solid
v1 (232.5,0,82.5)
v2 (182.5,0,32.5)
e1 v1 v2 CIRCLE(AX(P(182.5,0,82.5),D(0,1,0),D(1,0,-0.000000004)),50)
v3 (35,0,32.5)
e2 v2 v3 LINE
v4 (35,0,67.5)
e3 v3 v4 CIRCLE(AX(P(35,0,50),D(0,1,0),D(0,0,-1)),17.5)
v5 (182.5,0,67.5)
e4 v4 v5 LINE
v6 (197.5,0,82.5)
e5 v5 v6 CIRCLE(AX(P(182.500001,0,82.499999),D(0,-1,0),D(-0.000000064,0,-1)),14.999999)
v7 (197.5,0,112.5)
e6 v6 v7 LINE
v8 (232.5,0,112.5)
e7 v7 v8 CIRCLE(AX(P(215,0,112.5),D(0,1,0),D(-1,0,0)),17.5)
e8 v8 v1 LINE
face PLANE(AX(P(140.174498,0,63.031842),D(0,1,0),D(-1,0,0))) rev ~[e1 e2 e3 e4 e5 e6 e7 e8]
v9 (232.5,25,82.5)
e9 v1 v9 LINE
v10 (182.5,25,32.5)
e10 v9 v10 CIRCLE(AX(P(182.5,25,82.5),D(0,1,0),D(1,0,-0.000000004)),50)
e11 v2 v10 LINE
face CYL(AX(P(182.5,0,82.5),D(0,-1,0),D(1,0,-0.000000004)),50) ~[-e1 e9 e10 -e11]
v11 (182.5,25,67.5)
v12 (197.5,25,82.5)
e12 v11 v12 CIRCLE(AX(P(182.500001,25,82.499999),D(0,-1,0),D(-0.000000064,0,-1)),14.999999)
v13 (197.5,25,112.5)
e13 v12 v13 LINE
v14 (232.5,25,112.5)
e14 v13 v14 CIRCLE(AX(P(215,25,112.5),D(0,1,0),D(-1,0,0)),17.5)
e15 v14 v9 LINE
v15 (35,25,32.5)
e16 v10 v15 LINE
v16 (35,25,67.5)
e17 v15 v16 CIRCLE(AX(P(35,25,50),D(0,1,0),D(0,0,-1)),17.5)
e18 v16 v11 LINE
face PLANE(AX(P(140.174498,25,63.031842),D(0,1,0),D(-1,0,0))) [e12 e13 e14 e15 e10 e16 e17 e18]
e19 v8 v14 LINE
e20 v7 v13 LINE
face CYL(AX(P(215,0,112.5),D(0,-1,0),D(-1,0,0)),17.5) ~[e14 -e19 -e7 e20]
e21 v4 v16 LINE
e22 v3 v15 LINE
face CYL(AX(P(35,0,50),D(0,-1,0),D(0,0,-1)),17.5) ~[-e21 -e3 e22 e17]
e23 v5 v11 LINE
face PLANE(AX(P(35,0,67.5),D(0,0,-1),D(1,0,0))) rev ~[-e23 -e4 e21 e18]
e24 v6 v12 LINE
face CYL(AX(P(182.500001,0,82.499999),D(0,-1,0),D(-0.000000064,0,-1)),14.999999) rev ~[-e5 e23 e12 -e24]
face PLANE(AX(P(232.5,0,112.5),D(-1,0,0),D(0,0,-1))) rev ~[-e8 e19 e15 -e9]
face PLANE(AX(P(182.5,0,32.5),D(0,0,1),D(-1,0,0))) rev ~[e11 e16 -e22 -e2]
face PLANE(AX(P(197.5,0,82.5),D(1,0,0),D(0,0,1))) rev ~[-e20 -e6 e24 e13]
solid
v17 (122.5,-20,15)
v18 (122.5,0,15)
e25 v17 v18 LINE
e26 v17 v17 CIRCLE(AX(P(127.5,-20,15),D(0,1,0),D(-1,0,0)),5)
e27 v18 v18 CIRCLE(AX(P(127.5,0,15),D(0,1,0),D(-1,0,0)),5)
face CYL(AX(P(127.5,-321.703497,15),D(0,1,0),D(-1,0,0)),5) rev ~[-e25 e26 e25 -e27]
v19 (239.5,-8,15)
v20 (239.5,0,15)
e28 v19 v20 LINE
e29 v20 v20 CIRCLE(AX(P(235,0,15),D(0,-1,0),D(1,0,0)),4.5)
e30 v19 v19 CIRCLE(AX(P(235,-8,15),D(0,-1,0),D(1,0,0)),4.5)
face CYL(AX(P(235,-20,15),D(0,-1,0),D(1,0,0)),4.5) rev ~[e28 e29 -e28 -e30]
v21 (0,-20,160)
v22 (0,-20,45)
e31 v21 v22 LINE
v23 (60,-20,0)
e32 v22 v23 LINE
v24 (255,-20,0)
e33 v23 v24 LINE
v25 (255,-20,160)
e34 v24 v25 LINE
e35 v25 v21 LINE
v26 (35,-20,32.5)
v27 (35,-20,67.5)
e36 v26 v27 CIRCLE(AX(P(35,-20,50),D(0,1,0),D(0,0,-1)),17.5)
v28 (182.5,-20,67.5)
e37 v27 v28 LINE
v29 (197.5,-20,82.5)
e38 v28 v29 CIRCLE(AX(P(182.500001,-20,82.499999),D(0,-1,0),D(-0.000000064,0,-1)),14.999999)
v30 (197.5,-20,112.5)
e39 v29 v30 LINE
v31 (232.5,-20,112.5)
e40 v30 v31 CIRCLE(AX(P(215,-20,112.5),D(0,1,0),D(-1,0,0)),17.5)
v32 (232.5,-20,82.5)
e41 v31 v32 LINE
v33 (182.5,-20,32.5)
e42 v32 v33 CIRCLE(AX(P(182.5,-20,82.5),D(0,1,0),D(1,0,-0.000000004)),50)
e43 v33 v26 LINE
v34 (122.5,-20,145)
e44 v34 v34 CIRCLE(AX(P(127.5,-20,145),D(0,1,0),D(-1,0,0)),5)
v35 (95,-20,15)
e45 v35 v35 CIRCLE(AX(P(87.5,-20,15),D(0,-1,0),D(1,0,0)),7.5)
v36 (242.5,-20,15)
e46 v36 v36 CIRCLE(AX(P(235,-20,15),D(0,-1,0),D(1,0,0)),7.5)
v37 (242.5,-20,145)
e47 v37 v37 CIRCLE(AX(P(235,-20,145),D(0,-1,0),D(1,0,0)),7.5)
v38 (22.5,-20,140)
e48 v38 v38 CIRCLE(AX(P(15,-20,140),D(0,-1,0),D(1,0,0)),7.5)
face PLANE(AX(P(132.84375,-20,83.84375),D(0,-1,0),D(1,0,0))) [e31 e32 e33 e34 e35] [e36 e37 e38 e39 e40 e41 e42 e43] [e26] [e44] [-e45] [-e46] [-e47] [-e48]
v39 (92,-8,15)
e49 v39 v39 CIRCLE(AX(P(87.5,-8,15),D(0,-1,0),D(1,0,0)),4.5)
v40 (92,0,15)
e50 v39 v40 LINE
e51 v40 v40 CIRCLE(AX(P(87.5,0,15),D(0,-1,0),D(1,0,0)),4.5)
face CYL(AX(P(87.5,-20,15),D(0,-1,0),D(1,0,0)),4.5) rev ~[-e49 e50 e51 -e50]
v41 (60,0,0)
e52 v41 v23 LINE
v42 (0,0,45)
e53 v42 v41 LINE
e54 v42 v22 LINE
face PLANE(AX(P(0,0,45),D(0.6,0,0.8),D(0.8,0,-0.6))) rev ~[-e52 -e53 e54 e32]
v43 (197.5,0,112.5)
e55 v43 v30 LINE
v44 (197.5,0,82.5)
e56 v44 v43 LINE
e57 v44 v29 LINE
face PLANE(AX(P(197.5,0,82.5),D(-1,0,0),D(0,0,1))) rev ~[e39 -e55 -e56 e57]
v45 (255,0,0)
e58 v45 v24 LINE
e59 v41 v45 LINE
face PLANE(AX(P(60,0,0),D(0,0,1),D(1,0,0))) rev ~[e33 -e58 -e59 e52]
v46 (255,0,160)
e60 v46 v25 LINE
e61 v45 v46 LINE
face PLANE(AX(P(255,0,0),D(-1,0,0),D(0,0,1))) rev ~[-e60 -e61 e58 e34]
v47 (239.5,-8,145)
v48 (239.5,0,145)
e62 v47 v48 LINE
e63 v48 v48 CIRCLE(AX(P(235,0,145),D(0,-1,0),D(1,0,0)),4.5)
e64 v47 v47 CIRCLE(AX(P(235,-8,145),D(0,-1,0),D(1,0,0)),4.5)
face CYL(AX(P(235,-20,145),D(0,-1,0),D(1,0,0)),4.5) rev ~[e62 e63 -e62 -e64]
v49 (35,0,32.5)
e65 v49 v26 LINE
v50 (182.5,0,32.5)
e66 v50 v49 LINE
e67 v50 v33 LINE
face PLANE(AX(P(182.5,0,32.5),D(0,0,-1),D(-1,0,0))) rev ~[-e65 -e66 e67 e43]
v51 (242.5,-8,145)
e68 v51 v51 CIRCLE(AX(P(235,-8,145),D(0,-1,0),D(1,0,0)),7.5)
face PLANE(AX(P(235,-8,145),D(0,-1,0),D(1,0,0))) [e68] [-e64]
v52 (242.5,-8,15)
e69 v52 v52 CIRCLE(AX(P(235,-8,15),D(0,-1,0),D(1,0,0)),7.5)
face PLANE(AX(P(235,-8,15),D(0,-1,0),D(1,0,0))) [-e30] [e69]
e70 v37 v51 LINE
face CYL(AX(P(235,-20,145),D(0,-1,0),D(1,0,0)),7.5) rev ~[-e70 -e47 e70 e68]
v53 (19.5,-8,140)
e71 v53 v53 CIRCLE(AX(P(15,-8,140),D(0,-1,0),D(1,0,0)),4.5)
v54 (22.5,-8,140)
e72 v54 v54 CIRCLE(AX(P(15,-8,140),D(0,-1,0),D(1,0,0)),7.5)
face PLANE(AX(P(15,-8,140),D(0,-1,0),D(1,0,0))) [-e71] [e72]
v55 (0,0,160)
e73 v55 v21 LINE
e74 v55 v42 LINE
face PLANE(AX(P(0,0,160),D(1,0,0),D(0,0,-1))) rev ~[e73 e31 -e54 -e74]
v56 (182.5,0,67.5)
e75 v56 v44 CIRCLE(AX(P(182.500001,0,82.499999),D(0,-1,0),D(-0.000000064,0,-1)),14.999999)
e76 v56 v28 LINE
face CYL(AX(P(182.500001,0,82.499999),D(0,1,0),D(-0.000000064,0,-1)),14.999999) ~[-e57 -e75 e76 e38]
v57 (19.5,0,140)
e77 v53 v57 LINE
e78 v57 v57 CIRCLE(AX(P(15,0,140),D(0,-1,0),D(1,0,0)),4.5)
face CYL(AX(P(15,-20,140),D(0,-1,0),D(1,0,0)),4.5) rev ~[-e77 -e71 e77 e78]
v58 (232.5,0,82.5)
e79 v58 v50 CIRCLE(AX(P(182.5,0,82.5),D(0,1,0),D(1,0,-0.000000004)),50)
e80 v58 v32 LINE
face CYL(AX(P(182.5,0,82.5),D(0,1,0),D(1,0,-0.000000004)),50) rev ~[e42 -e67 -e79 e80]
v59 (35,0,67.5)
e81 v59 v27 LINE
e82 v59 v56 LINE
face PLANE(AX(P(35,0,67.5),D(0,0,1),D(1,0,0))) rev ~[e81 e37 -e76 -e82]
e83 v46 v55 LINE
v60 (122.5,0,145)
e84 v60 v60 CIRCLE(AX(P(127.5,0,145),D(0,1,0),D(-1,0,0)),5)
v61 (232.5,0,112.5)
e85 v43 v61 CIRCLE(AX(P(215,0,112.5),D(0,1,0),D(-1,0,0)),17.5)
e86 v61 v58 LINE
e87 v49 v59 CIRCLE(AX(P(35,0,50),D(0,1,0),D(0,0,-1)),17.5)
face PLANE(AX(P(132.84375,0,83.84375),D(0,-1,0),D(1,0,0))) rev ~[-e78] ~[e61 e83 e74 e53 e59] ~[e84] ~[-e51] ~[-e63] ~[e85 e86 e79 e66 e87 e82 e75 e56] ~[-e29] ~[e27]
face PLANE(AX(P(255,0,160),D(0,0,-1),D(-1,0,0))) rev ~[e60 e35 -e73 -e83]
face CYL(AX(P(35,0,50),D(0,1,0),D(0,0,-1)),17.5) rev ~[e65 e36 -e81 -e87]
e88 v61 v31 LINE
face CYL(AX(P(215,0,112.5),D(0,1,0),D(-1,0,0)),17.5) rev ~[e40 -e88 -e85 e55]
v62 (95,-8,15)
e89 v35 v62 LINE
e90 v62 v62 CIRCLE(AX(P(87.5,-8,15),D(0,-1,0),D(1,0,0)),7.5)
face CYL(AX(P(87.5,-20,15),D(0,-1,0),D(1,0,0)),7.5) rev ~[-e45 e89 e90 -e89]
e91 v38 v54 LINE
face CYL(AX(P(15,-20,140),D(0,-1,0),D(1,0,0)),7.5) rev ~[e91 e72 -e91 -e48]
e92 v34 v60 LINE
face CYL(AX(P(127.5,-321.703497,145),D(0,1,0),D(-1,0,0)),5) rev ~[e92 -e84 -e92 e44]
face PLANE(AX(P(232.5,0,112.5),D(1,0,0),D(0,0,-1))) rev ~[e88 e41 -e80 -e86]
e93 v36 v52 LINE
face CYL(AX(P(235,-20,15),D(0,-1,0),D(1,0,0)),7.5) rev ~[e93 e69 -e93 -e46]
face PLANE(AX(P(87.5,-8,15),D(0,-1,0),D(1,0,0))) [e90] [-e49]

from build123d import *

# Parameters (mm, degrees)
F1_DEPTH = 20
F2_R     = 4.5
F3_DEPTH = 20.001
F2_R_2   = 7.5
F4_DEPTH = 12
F5_D     = 10
F7_DEPTH = 25


with BuildPart() as f1:
    # F0 (on Front) → F1 (new body)
    with BuildSketch(Plane.XZ):
        Polygon((0, 45), (60, 0), (255, 0), (255, 160), (0, 160), align=None)
        with BuildLine():
            ThreePointArc((35, 32.5), (17.5, 50), (35, 67.5))
            Line((35, 67.5), (182.5, 67.5))
            ThreePointArc((182.5, 67.5), (193.106602, 71.893398), (197.5, 82.5))
            Line((197.5, 82.5), (197.5, 112.5))
            ThreePointArc((197.5, 112.5), (215, 130), (232.5, 112.5))
            Line((232.5, 112.5), (232.5, 82.5))
            ThreePointArc((232.5, 82.5), (217.855339, 47.144661), (182.5, 32.5))
            Line((182.5, 32.5), (35, 32.5))
        make_face(mode=Mode.SUBTRACT)
    extrude(amount=F1_DEPTH)

    # F2 (on face) → F3 (cut, through all)
    with BuildSketch(Plane.XZ.offset(20)):
        with Locations((15, 140)):
            Circle(F2_R)
        with Locations((235, 145)):
            Circle(F2_R)
        with Locations((235, 15)):
            Circle(F2_R)
        with Locations((87.5, 15)):
            Circle(F2_R)
    extrude(amount=-F3_DEPTH, mode=Mode.SUBTRACT)

    # F2 (on face) → F4 (cut)
    with BuildSketch(Plane.XZ.offset(20)):
        with Locations((15, 140)):
            Circle(F2_R_2)
        with Locations((15, 140)):
            Circle(F2_R, mode=Mode.SUBTRACT)
        with Locations((235, 145)):
            Circle(F2_R_2)
        with Locations((235, 145)):
            Circle(F2_R, mode=Mode.SUBTRACT)
        with Locations((235, 15)):
            Circle(F2_R_2)
        with Locations((235, 15)):
            Circle(F2_R, mode=Mode.SUBTRACT)
        with Locations((87.5, 15)):
            Circle(F2_R_2)
        with Locations((87.5, 15)):
            Circle(F2_R, mode=Mode.SUBTRACT)
    extrude(amount=-F4_DEPTH, mode=Mode.SUBTRACT)

    # F5 (through all)
    with Locations(Plane.XZ.offset(20)):
        with Locations((127.5, 145), (127.5, 15)):
            Hole(F5_D / 2)


with BuildPart() as f7:
    # F6 (on face) → F7 (new body)
    with BuildSketch(Plane(origin=(0, 0, 0), x_dir=(-1, 0, 0), z_dir=(0, 1, 0))):
        with BuildLine():
            ThreePointArc((-35, 32.5), (-17.5, 50), (-35, 67.5))
            Line((-35, 67.5), (-182.5, 67.5))
            ThreePointArc((-182.5, 67.5), (-193.106602, 71.893398), (-197.5, 82.5))
            Line((-197.5, 82.5), (-197.5, 112.5))
            ThreePointArc((-197.5, 112.5), (-215, 130), (-232.5, 112.5))
            Line((-232.5, 112.5), (-232.5, 82.5))
            ThreePointArc((-232.5, 82.5), (-217.855339, 47.144661), (-182.5, 32.5))
            Line((-182.5, 32.5), (-35, 32.5))
        make_face()
    extrude(amount=F7_DEPTH)


solid = Compound([f1.part, f7.part])
